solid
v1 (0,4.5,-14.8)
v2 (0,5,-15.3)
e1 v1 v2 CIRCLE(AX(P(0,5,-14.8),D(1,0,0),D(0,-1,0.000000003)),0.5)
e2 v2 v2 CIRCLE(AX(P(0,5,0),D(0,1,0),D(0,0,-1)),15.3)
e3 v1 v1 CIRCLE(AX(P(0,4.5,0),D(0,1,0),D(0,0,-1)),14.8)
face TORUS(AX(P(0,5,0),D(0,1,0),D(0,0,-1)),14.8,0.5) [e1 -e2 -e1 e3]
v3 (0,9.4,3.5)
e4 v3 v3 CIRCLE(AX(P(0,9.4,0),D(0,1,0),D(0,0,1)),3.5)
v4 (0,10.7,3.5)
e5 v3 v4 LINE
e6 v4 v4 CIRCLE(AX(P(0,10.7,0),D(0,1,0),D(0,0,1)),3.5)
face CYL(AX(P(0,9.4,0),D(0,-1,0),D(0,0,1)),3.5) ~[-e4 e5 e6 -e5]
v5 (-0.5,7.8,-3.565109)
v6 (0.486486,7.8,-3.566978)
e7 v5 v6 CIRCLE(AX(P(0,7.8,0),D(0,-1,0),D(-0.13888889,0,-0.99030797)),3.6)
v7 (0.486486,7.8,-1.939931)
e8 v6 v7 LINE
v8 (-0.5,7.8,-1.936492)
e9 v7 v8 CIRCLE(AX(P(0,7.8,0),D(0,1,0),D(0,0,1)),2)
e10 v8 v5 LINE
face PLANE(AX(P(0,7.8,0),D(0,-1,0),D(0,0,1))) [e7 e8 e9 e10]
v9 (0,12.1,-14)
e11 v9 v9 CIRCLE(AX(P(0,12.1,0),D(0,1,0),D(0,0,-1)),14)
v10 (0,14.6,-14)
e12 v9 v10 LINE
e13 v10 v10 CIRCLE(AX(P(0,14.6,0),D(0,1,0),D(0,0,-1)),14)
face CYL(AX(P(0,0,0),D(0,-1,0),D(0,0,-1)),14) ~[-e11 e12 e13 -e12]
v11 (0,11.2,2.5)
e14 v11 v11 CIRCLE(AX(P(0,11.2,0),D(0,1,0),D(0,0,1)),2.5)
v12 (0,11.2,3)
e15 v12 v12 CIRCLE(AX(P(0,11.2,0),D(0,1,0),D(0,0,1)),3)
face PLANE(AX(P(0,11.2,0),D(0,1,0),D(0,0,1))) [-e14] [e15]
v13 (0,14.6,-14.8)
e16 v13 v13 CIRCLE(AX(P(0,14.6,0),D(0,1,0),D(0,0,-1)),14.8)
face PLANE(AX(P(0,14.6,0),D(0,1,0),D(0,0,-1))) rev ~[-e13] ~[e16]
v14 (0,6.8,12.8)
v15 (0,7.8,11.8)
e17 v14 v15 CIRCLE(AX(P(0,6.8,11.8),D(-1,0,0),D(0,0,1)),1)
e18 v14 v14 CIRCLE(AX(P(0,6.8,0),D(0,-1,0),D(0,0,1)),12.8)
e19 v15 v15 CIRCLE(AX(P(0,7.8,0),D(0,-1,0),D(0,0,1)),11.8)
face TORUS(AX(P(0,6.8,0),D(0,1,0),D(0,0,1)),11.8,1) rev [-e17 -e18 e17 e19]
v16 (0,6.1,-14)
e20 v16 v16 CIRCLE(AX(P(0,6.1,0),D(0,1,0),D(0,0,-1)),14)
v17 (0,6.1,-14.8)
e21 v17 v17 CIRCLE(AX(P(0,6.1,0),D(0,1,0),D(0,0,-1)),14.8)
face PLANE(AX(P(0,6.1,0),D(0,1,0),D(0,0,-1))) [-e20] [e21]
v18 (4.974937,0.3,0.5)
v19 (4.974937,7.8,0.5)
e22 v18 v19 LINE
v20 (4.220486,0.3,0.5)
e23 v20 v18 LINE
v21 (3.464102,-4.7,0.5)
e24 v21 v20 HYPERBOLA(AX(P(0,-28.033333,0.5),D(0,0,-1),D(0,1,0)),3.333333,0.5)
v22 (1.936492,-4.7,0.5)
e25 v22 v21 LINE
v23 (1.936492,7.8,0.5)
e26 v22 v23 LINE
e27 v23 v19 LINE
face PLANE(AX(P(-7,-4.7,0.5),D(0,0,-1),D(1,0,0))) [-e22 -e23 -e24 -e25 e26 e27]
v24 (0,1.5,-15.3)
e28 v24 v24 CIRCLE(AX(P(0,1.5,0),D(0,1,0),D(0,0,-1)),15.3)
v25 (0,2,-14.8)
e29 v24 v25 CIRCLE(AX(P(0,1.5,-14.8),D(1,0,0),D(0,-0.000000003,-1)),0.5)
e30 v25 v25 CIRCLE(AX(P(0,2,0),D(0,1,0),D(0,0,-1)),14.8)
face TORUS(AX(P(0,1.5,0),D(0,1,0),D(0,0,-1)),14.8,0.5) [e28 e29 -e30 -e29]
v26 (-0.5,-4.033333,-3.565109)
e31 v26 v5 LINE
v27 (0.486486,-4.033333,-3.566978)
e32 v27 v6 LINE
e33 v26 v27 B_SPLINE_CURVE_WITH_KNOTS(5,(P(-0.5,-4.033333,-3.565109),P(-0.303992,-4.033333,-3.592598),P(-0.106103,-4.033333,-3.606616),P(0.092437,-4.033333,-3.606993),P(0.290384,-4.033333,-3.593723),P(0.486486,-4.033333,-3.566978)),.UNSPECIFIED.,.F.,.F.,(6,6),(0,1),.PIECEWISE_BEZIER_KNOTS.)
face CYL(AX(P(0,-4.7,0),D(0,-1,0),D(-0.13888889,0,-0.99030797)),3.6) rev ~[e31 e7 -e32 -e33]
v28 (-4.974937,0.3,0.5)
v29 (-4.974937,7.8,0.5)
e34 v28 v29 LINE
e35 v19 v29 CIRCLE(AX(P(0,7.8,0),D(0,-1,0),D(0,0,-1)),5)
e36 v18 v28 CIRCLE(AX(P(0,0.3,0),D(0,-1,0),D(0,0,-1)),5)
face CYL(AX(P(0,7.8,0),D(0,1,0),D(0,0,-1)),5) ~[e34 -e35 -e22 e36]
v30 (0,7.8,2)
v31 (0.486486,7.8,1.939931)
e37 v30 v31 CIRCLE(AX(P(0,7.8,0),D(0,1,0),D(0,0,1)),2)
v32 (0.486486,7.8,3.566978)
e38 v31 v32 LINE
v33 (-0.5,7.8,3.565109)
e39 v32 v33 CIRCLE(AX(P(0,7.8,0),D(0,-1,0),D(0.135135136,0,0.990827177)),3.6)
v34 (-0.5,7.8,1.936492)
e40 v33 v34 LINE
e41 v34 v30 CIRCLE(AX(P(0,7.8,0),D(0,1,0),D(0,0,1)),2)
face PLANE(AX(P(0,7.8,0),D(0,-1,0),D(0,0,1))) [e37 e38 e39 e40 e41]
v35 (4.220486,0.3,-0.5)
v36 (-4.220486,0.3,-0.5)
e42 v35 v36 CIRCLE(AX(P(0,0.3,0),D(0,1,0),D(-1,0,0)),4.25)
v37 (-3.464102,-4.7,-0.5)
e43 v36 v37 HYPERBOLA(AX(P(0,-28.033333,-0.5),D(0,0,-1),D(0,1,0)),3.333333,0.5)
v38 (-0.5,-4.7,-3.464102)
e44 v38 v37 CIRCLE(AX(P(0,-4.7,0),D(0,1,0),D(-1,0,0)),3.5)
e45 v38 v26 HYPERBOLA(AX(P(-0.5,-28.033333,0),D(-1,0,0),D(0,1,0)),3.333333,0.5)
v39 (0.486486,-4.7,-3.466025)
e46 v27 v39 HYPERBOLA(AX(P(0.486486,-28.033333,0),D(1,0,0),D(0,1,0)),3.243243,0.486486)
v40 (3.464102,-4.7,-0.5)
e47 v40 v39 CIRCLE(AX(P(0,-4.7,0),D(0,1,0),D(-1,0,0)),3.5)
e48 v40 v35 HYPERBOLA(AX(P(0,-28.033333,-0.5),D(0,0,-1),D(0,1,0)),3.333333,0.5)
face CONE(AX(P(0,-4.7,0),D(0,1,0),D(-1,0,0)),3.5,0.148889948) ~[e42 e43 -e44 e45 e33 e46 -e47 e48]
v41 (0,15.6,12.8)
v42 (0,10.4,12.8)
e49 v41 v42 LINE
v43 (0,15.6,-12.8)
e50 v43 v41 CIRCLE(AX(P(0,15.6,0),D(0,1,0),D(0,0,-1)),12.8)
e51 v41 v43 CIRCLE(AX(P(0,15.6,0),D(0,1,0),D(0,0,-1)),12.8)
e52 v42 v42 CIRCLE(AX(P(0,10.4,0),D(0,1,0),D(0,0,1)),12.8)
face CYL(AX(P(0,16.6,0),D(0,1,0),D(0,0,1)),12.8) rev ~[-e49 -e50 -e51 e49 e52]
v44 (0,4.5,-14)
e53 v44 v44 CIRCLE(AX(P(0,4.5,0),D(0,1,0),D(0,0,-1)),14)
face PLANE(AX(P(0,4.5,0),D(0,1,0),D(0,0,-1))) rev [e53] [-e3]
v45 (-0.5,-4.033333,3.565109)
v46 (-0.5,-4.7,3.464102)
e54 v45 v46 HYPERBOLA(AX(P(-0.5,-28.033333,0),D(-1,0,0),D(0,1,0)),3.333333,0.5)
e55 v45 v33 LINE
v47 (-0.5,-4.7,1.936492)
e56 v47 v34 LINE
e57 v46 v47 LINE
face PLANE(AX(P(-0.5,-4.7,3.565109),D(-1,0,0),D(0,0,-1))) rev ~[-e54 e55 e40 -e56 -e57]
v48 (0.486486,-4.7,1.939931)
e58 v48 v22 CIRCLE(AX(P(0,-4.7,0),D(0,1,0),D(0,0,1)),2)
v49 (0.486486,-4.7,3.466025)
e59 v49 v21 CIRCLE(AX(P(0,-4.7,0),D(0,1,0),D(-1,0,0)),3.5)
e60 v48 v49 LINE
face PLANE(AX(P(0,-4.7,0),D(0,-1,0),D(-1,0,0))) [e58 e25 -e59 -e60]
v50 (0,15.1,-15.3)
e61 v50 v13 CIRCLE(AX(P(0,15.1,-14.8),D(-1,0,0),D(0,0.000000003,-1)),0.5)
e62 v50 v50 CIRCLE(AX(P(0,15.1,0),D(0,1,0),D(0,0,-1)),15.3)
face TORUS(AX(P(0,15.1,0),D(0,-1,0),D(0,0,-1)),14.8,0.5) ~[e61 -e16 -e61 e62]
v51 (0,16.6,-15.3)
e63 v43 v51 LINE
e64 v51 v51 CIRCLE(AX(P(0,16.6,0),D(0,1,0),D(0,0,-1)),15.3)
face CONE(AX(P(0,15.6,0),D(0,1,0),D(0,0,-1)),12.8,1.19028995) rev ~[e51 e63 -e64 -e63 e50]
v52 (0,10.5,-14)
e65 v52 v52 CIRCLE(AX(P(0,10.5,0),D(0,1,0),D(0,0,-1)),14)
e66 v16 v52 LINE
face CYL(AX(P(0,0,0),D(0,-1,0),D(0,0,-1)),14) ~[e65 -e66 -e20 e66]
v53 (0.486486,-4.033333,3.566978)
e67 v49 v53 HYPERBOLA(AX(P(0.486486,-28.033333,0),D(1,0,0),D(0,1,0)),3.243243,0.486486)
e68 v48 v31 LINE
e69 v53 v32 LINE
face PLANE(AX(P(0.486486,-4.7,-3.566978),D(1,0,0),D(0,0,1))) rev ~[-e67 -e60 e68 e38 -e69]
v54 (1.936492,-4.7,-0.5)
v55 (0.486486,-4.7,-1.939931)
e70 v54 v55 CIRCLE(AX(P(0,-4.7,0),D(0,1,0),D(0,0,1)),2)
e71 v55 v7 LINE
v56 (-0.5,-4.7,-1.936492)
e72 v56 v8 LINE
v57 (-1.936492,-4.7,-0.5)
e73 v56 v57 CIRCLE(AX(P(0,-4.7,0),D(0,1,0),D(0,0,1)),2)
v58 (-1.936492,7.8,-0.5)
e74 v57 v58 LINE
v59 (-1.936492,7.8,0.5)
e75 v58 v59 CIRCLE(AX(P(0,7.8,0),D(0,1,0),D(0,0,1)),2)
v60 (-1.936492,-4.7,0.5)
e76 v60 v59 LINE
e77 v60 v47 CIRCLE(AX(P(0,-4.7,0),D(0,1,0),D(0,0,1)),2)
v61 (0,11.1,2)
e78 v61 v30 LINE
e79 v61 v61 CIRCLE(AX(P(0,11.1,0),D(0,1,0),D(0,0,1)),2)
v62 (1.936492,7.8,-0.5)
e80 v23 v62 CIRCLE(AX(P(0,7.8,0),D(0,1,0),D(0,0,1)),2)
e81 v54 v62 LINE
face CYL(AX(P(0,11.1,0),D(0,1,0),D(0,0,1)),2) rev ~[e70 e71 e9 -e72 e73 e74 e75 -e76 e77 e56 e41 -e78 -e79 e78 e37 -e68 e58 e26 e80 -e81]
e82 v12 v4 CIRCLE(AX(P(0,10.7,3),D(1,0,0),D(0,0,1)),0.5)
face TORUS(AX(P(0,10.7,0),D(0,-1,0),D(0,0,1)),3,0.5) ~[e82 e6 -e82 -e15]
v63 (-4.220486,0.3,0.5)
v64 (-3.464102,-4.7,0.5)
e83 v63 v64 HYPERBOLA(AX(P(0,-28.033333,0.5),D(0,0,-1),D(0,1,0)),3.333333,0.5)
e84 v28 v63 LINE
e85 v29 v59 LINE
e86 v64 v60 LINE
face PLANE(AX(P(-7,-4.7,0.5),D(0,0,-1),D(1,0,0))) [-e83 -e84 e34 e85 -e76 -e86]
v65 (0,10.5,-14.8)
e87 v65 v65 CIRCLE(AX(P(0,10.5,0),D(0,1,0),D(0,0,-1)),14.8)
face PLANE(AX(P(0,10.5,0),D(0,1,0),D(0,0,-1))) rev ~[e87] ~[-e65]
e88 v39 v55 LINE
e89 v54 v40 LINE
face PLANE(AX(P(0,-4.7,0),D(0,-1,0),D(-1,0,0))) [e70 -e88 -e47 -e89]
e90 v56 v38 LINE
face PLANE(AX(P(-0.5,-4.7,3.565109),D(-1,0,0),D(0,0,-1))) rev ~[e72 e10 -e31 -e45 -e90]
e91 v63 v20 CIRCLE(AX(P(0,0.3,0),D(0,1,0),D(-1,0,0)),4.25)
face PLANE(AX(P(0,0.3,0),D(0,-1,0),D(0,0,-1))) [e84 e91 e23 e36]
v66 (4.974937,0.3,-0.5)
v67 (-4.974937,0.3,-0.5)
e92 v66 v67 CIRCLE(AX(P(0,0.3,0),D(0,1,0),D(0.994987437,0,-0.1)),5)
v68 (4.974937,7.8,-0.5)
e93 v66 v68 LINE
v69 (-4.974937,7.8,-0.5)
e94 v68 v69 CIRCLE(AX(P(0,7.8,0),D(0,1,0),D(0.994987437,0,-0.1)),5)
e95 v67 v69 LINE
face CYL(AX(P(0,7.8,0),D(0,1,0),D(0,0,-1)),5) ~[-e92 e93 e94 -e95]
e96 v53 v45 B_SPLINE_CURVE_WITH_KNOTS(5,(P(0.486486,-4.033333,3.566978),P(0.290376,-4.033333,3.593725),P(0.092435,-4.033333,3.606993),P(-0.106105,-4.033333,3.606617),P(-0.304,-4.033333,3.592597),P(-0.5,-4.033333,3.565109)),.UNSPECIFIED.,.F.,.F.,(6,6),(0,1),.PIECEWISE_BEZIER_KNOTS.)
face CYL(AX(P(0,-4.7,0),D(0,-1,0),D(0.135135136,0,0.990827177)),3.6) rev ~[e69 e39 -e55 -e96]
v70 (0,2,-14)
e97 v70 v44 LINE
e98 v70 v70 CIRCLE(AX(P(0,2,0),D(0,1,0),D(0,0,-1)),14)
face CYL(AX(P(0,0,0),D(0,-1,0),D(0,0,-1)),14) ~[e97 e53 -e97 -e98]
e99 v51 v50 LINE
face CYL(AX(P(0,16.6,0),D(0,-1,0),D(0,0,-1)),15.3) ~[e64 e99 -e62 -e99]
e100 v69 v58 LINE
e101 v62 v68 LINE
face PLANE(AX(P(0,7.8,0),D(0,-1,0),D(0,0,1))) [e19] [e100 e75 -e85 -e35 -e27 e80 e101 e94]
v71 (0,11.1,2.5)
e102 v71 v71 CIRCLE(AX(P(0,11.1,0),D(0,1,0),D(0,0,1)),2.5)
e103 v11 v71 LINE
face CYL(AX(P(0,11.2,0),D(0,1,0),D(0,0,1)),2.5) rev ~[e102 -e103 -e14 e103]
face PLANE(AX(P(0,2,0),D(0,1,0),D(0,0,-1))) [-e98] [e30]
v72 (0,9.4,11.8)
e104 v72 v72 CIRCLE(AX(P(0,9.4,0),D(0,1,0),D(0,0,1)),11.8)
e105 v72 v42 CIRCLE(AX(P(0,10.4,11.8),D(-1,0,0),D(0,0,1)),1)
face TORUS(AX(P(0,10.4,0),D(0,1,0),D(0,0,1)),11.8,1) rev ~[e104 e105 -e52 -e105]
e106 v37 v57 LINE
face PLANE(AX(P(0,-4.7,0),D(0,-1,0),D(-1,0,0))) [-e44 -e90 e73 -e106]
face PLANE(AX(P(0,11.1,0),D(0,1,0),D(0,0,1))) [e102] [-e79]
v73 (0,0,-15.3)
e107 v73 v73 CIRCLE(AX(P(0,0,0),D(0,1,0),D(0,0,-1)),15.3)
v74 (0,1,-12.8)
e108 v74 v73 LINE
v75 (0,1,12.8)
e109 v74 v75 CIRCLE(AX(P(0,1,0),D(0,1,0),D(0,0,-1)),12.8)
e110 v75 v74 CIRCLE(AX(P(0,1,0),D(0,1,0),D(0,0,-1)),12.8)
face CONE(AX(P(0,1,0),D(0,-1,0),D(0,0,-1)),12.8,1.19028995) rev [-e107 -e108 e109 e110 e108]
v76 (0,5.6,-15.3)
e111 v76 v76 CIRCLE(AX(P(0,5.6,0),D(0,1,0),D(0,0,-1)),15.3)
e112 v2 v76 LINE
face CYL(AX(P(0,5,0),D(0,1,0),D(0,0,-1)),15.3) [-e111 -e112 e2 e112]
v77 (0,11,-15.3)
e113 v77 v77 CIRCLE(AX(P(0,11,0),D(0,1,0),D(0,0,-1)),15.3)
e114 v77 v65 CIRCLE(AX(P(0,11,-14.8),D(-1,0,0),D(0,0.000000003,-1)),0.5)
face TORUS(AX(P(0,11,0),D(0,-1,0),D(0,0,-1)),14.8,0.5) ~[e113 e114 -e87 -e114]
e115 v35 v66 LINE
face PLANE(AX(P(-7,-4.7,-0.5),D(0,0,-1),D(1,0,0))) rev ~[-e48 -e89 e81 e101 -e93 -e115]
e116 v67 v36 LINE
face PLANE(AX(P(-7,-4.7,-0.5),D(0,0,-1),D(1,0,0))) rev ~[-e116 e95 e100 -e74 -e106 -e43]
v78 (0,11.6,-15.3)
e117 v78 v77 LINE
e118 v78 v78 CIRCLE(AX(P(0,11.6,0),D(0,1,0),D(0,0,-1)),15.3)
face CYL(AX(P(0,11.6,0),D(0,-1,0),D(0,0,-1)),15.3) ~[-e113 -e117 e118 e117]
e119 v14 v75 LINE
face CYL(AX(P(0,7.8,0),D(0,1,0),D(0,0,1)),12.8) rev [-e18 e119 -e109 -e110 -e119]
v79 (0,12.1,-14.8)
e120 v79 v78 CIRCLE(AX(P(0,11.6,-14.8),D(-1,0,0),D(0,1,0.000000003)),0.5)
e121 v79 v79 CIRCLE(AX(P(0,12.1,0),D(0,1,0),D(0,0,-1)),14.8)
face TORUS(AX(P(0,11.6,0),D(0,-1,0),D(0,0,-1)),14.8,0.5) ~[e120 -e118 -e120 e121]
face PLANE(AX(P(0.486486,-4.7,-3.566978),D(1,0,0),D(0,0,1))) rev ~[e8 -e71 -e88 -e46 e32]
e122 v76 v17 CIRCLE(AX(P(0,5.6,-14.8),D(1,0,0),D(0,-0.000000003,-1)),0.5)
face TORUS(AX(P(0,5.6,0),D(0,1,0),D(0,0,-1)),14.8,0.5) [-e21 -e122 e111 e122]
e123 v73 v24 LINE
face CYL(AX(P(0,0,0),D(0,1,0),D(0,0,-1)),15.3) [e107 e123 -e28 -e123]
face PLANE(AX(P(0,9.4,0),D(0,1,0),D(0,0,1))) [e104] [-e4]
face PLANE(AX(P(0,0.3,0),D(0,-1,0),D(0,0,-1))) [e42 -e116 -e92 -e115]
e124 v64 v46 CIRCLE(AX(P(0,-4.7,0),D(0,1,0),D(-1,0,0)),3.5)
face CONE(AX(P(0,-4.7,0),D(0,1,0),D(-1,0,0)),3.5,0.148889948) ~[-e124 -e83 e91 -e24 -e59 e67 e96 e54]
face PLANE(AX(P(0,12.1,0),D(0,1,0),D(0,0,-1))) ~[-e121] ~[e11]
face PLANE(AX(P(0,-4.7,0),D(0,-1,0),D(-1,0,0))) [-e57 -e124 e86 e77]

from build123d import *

# Parameters (mm, degrees)
SKETCH_1_R          = 14
EXTRUDE_1_DEPTH     = 16.6
SKETCH_3_R          = 12.8
CUT_EXTRUDE_1_DEPTH = 7.2
CUT_EXTRUDE_START   = -7.8
SKETCH_4_R          = 12.8
CUT_EXTRUDE_2_DEPTH = 7.8
SKETCH_6_R          = 3.5
EXTRUDE_2_DEPTH     = 1.8
SKETCH_7_R          = 2.5
CUT_EXTRUDE_3_DEPTH = 0.1
SKETCH_8_R          = 5
EXTRUDE_3_DEPTH     = 7.5
SKETCH_11_R         = 3.5
SKETCH_10_R         = 4.25
SKETCH_12_W         = 14
SKETCH_12_H         = 1
CUT_EXTRUDE_4_DEPTH = 12.5
CUT_EXTRUDE_5_DEPTH = 12.5
SKETCH_14_R         = 2
CUT_EXTRUDE_6_DEPTH = 27.792163206
FILLET_1_R          = 1
FILLET_2_R          = 0.5


with BuildPart() as part:
    # 草图1 → 凸台-拉伸1 (new body)
    with BuildSketch(Plane(origin=(0, 0, 0), x_dir=(1, 0, 0), z_dir=(0, 1, 0))):
        with Locations(Location((0, 0, 0), (0, 0, 90))):
            Circle(SKETCH_1_R)
    extrude(amount=EXTRUDE_1_DEPTH)

    # 草图2 → 旋转1 (revolve)
    with BuildSketch(Plane.XY, mode=Mode.PRIVATE) as revolve_1_sk:
        with BuildLine():
            Line((15.3, 0), (15.3, 1.5))
            ThreePointArc((15.3, 1.5), (15.153553391, 1.853553391), (14.8, 2))
            Line((14.8, 2), (14, 2))
            Line((14, 2), (14, 0))
            Line((14, 0), (15.3, 0))
        make_face()
        with BuildLine():
            Line((14, 6.1), (14, 4.5))
            Line((14, 4.5), (14.8, 4.5))
            ThreePointArc((14.8, 4.5), (15.153553391, 4.646446609), (15.3, 5))
            Line((15.3, 5), (15.3, 5.6))
            ThreePointArc((15.3, 5.6), (15.153553391, 5.953553391), (14.8, 6.1))
            Line((14.8, 6.1), (14, 6.1))
        make_face()
        with BuildLine():
            Line((14, 16.6), (15.3, 16.6))
            Line((15.3, 16.6), (15.3, 15.1))
            ThreePointArc((15.3, 15.1), (15.153553391, 14.746446609), (14.8, 14.6))
            Line((14.8, 14.6), (14, 14.6))
            Line((14, 14.6), (14, 16.6))
        make_face()
        with BuildLine():
            Line((15.3, 11.6), (15.3, 11))
            ThreePointArc((15.3, 11), (15.153553391, 10.646446609), (14.8, 10.5))
            Line((14.8, 10.5), (14, 10.5))
            Line((14, 10.5), (14, 12.1))
            Line((14, 12.1), (14.8, 12.1))
            ThreePointArc((14.8, 12.1), (15.153553391, 11.953553391), (15.3, 11.6))
        make_face()
    revolve(revolve_1_sk.sketch.rotate(Axis((0, 8.3, 0), (0, 1, 0)), 90), axis=Axis((0, 8.3, 0), (0, 1, 0)))

    # 草图3 → 切除-拉伸1 (cut)
    with BuildSketch(Plane(origin=(0, 16.6, 0), x_dir=(1, 0, 0), z_dir=(0, 1, 0))):
        with Locations(Location((0, 0, 0), (0, 0, 270))):
            Circle(SKETCH_3_R)
    extrude(amount=-CUT_EXTRUDE_1_DEPTH, mode=Mode.SUBTRACT)

    # 草图4 → 切除-拉伸2 (cut)
    with BuildSketch(Plane.XZ.offset(CUT_EXTRUDE_START)):
        with Locations(Location((0, 0, 0), (0, 0, 90))):
            Circle(SKETCH_4_R)
    extrude(amount=CUT_EXTRUDE_2_DEPTH, mode=Mode.SUBTRACT)

    # 草图5 → 切除-旋转1 (revolve, cut)
    with BuildSketch(Plane(origin=(0, 0, 0), x_dir=(0, 0, -1), z_dir=(1, 0, 0))):
        Polygon((15.3, 16.6), (12.8, 16.6), (12.8, 15.6), align=None)
        Polygon((12.8, 0), (12.8, 1), (15.3, 0), align=None)
    revolve(axis=Axis((0, 8.3, 0), (0, 1, 0)), mode=Mode.SUBTRACT)

    # 草图6 → 凸台-拉伸2 (add)
    with BuildSketch(Plane(origin=(0, 9.4, 0), x_dir=(1, 0, 0), z_dir=(0, 1, 0))):
        with Locations(Location((0, 0, 0), (0, 0, 270))):
            Circle(SKETCH_6_R)
    extrude(amount=EXTRUDE_2_DEPTH)

    # 草图7 → 切除-拉伸3 (cut)
    with BuildSketch(Plane(origin=(0, 11.2, 0), x_dir=(1, 0, 0), z_dir=(0, 1, 0))):
        with Locations(Location((0, 0, 0), (0, 0, 270))):
            Circle(SKETCH_7_R)
    extrude(amount=-CUT_EXTRUDE_3_DEPTH, mode=Mode.SUBTRACT)

    # 草图8 → 凸台-拉伸3 (add)
    with BuildSketch(Plane.XZ.offset(-7.8)):
        with Locations(Location((0, 0, 0), (0, 0, 270))):
            Circle(SKETCH_8_R)
    extrude(amount=EXTRUDE_3_DEPTH)

    # 草图11 → 放样1 section 0
    with BuildSketch(Plane(origin=(0, -4.7, 0), x_dir=(-1, 0, 0), z_dir=(0, -1, 0))):
        Circle(SKETCH_11_R)
    # 草图10 → 放样1 section 1
    with BuildSketch(Plane.XZ.offset(-0.3)):
        Circle(SKETCH_10_R)
    loft()

    # 草图12 → 切除-拉伸4 (cut)
    with BuildSketch(Plane.XZ.offset(4.7)):
        Rectangle(SKETCH_12_W, SKETCH_12_H)
    extrude(amount=-CUT_EXTRUDE_4_DEPTH, mode=Mode.SUBTRACT)

    # 草图13 → 切除-拉伸5 (cut)
    with BuildSketch(Plane.XZ.offset(4.7)):
        with BuildLine():
            Line((0.486486486, -3.566977838), (0.486486486, 3.566977838))
            ThreePointArc((0.486486486, 3.566977838), (-0.006821084, 3.599993538), (-0.5, 3.565108694))
            Line((-0.5, 3.565108694), (-0.5, -3.565108694))
            ThreePointArc((-0.5, -3.565108694), (-0.006821084, -3.599993538), (0.486486486, -3.566977838))
        make_face()
    extrude(amount=-CUT_EXTRUDE_5_DEPTH, mode=Mode.SUBTRACT)

    # 草图14 → 切除-拉伸6 (cut, through all)
    with BuildSketch(Plane(origin=(0, 11.1, 0), x_dir=(1, 0, 0), z_dir=(0, 1, 0))):
        with Locations(Location((0, 0, 0), (0, 0, 270))):
            Circle(SKETCH_14_R)
    extrude(amount=-CUT_EXTRUDE_6_DEPTH, mode=Mode.SUBTRACT)

    # 圆角1
    fillet_1_edges = [part.edges().sort_by_distance(p)[0] for p in [
        (0, 9.4, -12.8),
        (0, 7.8, -12.8),
    ]]
    fillet(fillet_1_edges, radius=FILLET_1_R)

    # 圆角2
    fillet_2_edges = [part.edges().sort_by_distance(p)[0] for p in [
        (0, 11.2, -3.5),
    ]]
    fillet(fillet_2_edges, radius=FILLET_2_R)


solid = part.part
